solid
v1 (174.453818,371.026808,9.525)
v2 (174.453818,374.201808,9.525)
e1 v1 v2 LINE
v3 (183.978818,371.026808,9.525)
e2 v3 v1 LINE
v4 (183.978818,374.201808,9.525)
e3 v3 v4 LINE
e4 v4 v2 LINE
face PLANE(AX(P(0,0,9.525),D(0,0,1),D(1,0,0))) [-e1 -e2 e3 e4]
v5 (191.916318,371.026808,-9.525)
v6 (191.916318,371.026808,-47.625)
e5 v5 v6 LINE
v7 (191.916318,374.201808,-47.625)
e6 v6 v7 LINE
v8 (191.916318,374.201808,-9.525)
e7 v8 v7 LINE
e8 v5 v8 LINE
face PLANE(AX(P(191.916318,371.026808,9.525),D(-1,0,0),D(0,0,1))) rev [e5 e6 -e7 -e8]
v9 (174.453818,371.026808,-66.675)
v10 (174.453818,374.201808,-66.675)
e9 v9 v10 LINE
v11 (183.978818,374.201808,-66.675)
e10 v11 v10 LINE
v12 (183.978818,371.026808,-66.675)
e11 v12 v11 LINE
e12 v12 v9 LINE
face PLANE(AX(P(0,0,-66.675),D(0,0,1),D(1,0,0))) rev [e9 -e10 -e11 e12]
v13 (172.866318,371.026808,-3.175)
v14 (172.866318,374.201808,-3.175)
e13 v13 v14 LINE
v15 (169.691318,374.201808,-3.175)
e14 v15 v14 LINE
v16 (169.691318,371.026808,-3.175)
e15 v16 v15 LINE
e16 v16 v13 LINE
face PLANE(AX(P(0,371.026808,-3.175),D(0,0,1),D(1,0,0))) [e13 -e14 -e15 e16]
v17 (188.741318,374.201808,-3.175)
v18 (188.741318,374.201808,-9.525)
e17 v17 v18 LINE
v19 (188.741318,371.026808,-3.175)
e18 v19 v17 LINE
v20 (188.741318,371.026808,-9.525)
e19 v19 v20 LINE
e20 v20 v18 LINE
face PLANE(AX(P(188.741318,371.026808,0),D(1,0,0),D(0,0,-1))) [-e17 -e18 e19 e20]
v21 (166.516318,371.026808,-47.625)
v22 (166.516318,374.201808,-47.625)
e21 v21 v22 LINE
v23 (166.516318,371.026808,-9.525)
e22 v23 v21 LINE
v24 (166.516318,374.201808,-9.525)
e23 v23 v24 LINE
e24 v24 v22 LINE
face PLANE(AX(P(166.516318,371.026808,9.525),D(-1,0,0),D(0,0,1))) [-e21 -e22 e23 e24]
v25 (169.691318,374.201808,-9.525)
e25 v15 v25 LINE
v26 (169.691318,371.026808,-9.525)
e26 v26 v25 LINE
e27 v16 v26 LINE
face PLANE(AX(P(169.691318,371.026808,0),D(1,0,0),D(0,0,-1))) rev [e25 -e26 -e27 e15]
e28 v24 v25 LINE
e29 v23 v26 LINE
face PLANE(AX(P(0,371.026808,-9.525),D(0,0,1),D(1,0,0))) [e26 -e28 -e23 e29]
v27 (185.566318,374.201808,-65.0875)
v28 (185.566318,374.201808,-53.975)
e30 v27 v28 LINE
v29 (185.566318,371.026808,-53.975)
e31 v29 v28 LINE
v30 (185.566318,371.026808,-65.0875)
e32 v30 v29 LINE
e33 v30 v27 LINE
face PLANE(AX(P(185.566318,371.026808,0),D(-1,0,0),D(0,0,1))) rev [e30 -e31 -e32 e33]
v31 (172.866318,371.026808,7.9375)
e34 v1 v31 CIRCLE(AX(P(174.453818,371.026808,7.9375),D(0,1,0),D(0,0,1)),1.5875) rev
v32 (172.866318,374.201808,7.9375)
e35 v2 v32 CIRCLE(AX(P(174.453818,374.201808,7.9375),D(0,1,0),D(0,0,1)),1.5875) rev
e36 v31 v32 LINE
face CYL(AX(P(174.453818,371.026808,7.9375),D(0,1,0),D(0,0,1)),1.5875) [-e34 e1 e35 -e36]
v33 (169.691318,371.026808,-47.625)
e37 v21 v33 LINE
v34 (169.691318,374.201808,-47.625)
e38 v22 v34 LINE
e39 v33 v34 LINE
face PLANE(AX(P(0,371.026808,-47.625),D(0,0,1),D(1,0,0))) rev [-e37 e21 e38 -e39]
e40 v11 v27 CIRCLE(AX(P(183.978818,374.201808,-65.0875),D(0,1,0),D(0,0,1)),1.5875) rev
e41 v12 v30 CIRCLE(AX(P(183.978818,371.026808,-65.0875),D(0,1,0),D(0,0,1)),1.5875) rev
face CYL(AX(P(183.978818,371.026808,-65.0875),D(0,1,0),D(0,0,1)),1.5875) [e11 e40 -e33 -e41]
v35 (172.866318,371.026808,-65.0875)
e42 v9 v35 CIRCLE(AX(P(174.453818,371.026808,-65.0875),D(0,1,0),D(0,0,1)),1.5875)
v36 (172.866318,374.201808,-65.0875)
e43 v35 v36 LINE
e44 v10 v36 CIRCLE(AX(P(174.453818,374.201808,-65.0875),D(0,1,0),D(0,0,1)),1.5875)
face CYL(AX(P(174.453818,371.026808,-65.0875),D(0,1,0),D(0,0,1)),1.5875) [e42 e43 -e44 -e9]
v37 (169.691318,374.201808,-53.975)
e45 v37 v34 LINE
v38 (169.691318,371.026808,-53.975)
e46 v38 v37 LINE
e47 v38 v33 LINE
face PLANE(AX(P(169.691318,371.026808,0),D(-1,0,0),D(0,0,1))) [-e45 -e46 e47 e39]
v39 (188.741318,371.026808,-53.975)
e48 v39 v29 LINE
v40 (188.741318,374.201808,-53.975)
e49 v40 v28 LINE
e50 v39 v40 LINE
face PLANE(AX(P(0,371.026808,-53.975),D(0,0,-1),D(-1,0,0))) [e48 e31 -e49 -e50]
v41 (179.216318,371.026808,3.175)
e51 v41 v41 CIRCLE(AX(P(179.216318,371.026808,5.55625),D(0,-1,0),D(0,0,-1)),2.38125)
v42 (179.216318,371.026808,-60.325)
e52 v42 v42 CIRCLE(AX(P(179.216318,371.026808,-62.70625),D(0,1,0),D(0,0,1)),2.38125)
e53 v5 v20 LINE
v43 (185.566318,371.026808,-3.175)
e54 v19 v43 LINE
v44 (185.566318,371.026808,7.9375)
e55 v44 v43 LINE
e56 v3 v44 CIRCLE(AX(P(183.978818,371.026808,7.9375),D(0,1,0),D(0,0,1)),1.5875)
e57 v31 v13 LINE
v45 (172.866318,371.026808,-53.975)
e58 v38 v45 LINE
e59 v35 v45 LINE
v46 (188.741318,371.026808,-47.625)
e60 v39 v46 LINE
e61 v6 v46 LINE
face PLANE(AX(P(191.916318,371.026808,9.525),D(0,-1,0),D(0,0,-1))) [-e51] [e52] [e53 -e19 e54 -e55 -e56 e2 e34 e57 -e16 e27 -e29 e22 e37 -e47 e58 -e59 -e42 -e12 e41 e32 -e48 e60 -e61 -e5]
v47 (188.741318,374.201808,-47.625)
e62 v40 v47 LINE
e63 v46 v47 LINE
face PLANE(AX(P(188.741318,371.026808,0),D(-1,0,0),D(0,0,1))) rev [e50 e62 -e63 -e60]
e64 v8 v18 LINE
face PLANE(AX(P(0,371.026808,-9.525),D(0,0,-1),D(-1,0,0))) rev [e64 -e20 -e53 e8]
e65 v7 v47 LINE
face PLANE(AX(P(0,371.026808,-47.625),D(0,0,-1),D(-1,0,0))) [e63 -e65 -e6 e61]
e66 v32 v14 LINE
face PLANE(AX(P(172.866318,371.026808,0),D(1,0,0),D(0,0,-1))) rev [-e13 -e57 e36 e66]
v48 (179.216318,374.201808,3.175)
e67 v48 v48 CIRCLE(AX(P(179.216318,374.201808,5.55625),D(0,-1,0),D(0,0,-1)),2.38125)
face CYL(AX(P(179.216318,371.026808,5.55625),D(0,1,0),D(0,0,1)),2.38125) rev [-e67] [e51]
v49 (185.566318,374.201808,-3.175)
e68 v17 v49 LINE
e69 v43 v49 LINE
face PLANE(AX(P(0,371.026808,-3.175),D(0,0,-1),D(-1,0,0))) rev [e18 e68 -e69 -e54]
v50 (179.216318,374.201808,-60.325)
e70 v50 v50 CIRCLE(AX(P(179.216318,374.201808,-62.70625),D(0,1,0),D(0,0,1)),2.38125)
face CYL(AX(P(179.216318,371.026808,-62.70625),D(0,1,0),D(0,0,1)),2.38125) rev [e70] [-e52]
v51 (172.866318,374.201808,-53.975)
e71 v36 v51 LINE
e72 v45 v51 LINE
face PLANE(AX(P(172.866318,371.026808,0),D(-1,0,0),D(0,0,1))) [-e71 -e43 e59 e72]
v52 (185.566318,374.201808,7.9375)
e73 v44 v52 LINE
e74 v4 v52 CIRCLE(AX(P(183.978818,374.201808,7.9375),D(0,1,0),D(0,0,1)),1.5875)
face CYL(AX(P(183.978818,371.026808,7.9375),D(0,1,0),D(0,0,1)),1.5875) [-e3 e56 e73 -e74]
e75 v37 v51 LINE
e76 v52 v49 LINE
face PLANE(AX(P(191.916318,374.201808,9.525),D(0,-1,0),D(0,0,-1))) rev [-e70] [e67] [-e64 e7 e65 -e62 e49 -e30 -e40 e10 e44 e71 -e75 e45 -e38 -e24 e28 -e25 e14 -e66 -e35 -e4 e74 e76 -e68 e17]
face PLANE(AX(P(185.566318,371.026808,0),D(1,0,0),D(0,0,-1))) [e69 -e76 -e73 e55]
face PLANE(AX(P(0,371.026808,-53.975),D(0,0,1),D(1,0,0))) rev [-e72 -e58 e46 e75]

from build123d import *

# Parameters (mm, degrees)
BOSS_EXTRUDE1_DEPTH      = 9.525
BOSS_EXTRUDE1_DEPTH_BACK = 66.675
SKETCH1_W                = 25.4
SKETCH1_H                = 3.175
SKETCH2_W                = 25.4
SKETCH2_H                = 5.678954819
SKETCH2_R                = 2.38125
CUT_EXTRUDE1_DEPTH       = 204.193280927


with BuildPart() as part:
    # Sketch1 → Boss-Extrude1 (new, two sides: drawn at the far end of the back side and taken through both)
    with BuildSketch(Plane.XY.offset(-BOSS_EXTRUDE1_DEPTH_BACK)):
        with Locations((179.216318128, 372.614308443)):
            Rectangle(SKETCH1_W, SKETCH1_H)
    extrude(amount=BOSS_EXTRUDE1_DEPTH + BOSS_EXTRUDE1_DEPTH_BACK)

    # Sketch2 → Cut-Extrude1 (cut, through all)
    with BuildSketch(Plane(origin=(0, 374.201808443, 0), x_dir=(1, 0, 0), z_dir=(0, 1, 0))):
        with BuildLine():
            Line((166.516318128, 57.15), (166.516318128, 47.625))
            Line((166.516318128, 47.625), (169.691318128, 47.625))
            Line((169.691318128, 47.625), (169.691318128, 53.975))
            Line((169.691318128, 53.975), (172.866318128, 53.975))
            Line((172.866318128, 53.975), (172.866318128, 65.0875))
            ThreePointArc((172.866318128, 65.0875), (173.331286113, 66.210032015), (174.453818128, 66.675))
            Line((174.453818128, 66.675), (166.516318128, 66.675))
            Line((166.516318128, 66.675), (166.516318128, 57.15))
        make_face()
        with Locations((179.216318128, 69.51447741)):
            Rectangle(SKETCH2_W, SKETCH2_H)
        with BuildLine():
            Line((188.741318128, 47.625), (191.916318128, 47.625))
            Line((191.916318128, 47.625), (191.916318128, 53.975))
            Line((191.916318128, 53.975), (191.916318128, 66.675))
            Line((191.916318128, 66.675), (183.978818128, 66.675))
            ThreePointArc((183.978818128, 66.675), (185.101350143, 66.210032015), (185.566318128, 65.0875))
            Line((185.566318128, 65.0875), (185.566318128, 53.975))
            Line((185.566318128, 53.975), (188.741318128, 53.975))
            Line((188.741318128, 53.975), (188.741318128, 47.625))
        make_face()
        with Locations(Location((179.216318128, 62.70625, 0), (0, 0, 270))):
            Circle(SKETCH2_R)
        with BuildLine():
            Line((169.691318128, 9.525), (166.516318128, 9.525))
            Line((166.516318128, 9.525), (166.516318128, 0))
            Line((166.516318128, 0), (166.516318128, -9.525))
            Line((166.516318128, -9.525), (174.453818128, -9.525))
            ThreePointArc((174.453818128, -9.525), (173.331286113, -9.060032015), (172.866318128, -7.9375))
            Line((172.866318128, -7.9375), (172.866318128, 3.175))
            Line((172.866318128, 3.175), (169.691318128, 3.175))
            Line((169.691318128, 3.175), (169.691318128, 9.525))
        make_face()
        with Locations((179.216318128, -12.36447741)):
            Rectangle(SKETCH2_W, SKETCH2_H)
        with BuildLine():
            Line((191.916318128, 3.175), (191.916318128, 9.525))
            Line((191.916318128, 9.525), (188.741318128, 9.525))
            Line((188.741318128, 9.525), (188.741318128, 3.175))
            Line((188.741318128, 3.175), (185.566318128, 3.175))
            Line((185.566318128, 3.175), (185.566318128, -7.9375))
            ThreePointArc((185.566318128, -7.9375), (185.101350143, -9.060032015), (183.978818128, -9.525))
            Line((183.978818128, -9.525), (191.916318128, -9.525))
            Line((191.916318128, -9.525), (191.916318128, 3.175))
        make_face()
        with Locations(Location((179.216318128, -5.55625, 0), (0, 0, 90))):
            Circle(SKETCH2_R)
    extrude(amount=-CUT_EXTRUDE1_DEPTH, mode=Mode.SUBTRACT)


solid = part.part
